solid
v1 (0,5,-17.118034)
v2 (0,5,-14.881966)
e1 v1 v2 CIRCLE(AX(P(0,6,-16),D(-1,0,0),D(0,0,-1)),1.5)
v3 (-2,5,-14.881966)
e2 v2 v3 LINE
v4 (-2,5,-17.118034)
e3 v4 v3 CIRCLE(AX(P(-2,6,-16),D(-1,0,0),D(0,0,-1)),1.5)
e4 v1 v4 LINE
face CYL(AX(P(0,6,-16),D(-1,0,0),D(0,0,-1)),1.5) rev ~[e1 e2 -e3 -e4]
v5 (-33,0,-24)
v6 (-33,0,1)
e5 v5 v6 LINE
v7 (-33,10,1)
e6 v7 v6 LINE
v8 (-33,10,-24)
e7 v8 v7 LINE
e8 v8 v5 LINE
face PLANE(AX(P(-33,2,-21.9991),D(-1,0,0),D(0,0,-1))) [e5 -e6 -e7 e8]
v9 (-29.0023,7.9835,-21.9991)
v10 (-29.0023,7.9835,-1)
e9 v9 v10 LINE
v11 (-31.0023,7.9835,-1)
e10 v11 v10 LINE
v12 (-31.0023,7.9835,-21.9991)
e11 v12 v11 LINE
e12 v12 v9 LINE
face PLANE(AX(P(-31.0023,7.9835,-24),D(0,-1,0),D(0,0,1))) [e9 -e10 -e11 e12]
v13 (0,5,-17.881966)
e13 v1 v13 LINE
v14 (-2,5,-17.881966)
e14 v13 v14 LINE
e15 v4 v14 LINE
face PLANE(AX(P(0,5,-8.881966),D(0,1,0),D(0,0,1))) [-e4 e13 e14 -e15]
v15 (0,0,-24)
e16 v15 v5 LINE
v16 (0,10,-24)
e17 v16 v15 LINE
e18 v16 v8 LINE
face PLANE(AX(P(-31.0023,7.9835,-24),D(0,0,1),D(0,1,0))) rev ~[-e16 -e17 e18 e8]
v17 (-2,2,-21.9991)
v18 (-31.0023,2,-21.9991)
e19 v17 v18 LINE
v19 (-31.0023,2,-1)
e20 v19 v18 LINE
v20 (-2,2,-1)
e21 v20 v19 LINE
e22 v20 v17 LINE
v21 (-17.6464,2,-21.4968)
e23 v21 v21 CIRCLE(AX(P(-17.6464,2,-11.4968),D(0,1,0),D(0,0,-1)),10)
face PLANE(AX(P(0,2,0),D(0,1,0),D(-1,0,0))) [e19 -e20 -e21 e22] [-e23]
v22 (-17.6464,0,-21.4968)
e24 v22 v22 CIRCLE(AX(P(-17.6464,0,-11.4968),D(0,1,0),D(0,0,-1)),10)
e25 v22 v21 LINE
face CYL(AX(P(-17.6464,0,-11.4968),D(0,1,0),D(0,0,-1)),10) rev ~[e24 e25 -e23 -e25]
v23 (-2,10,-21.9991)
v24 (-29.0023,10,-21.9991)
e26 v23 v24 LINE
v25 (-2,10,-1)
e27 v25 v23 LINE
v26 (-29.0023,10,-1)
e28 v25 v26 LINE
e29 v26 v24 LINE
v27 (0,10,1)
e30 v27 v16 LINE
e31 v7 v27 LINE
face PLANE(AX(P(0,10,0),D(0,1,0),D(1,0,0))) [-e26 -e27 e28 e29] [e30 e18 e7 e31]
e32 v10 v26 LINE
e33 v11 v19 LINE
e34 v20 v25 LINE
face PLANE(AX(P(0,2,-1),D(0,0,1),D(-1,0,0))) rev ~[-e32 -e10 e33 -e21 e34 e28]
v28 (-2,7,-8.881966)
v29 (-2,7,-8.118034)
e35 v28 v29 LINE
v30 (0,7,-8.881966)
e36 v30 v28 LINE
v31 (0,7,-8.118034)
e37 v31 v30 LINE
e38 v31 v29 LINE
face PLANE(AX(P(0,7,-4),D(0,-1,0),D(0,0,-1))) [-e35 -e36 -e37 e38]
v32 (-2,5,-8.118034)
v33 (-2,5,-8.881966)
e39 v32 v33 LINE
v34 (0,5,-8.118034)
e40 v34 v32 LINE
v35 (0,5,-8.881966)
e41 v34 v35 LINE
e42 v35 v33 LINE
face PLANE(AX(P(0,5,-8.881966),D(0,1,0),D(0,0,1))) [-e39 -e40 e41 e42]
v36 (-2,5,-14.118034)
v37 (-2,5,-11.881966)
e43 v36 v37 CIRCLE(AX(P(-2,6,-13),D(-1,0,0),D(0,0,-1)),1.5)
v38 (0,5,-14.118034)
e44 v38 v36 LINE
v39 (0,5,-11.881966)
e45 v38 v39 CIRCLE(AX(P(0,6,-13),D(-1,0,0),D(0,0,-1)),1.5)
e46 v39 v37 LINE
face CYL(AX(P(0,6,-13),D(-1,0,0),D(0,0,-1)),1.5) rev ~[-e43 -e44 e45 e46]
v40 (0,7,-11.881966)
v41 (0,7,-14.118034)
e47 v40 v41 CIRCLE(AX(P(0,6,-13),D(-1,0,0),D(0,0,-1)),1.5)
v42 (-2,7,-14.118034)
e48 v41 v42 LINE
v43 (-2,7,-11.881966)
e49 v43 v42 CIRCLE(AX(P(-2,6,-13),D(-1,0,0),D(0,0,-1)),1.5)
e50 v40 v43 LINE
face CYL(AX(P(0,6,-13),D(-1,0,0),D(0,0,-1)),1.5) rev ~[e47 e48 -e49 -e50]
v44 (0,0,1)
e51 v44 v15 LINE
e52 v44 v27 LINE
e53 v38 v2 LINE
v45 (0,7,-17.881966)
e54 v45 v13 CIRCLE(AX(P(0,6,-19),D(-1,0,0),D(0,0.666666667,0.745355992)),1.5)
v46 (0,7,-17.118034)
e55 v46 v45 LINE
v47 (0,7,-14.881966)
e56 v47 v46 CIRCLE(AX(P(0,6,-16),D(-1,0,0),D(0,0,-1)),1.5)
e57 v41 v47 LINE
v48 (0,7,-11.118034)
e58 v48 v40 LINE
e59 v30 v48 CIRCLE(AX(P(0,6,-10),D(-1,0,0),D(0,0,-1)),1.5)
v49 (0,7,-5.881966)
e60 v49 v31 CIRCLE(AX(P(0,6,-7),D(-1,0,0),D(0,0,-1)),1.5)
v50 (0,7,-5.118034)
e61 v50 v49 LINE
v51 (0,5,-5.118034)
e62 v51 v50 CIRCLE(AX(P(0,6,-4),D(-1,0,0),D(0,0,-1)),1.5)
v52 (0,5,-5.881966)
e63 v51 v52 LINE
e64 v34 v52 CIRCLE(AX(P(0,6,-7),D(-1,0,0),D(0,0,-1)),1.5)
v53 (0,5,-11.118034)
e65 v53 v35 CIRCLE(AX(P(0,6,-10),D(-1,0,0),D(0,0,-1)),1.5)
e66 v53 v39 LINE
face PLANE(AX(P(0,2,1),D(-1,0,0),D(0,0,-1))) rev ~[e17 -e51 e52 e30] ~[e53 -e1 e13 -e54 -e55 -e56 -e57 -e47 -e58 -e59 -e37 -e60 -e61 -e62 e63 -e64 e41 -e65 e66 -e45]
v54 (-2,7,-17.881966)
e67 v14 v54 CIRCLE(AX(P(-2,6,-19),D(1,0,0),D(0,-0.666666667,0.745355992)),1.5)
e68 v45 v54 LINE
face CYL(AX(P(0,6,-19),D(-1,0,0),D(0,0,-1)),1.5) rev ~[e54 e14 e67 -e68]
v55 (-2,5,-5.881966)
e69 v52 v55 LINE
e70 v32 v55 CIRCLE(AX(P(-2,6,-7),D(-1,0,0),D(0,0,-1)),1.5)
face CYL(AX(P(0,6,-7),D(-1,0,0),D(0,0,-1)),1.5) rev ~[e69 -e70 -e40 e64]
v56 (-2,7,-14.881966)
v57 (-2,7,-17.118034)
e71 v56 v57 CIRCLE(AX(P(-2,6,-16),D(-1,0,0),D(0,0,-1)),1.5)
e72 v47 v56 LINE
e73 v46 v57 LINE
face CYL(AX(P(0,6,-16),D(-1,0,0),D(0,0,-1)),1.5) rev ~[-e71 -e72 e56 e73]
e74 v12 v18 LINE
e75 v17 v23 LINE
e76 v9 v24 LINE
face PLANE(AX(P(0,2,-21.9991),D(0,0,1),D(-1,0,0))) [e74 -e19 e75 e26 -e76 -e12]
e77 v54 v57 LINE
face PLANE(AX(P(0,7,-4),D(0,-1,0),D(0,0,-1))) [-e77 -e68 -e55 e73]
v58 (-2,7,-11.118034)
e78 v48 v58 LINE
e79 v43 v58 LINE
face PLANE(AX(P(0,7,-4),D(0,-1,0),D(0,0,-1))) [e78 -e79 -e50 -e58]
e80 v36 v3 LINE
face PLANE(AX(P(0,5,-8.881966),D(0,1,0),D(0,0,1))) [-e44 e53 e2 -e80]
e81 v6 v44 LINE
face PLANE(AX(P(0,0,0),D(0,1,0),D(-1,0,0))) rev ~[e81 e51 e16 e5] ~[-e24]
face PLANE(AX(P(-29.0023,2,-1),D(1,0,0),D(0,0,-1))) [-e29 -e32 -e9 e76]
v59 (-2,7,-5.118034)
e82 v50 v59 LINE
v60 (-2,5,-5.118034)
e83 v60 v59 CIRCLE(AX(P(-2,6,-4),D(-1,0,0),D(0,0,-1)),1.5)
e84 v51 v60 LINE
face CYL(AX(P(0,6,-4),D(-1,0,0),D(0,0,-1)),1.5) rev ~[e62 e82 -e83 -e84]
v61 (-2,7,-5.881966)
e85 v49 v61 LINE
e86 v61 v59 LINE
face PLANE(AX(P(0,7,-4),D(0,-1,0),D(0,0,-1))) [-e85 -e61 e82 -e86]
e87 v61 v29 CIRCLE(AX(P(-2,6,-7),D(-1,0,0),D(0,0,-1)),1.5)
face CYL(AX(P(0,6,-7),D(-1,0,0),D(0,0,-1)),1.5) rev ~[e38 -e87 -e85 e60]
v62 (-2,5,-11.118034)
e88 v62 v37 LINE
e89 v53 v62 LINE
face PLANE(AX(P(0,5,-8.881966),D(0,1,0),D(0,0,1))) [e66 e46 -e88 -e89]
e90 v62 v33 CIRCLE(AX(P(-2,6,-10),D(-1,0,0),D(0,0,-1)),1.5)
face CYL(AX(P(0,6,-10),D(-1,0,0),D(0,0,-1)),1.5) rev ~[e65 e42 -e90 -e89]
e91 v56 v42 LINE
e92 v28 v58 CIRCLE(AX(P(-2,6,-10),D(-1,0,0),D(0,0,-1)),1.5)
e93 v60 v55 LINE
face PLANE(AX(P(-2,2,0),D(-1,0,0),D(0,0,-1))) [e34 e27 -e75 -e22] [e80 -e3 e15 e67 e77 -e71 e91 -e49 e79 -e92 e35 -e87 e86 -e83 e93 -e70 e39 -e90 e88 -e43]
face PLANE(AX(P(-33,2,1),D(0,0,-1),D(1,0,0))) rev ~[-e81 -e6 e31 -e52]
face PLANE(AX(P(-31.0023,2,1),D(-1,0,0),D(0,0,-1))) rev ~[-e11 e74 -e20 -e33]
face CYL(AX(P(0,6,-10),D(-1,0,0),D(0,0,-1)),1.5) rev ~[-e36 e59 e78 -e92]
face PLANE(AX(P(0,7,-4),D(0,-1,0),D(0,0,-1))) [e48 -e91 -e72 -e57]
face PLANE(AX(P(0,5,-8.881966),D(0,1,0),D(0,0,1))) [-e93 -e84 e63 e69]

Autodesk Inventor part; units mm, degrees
ref_plane "YZ Plane" through (0, 0, 0) normal (1, 0, 0) x (0, 1, 0)
ref_plane "XZ Plane" through (0, 0, 0) normal (0, 1, 0) x (-1, 0, 0)
ref_plane "XY Plane" through (0, 0, 0) normal (0, 0, 1) x (1, 0, 0)
sketch "Sketch1" plane through (0, 0, 0) normal (0, 0, 1) x (1, 0, 0)
  point P0 (0, 0)
sketch "Sketch2" plane through (0, 0, 0) normal (0, 1, 0) x (-1, 0, 0)
  point P0 (0, 0)
sketch "Sketch3" plane through (0, 0, 0) normal (0, 0, 1) x (1, 0, 0)
  point P0 (0, 0)
sketch "Sketch4" plane through (0, 0, 0) normal (0, 1, 0) x (-1, 0, 0)
  line L0 (33, 1) -> (0, 1)
  line L1 (0, 1) -> (0, -24)
  line L2 (0, -24) -> (33, -24)
  line L3 (33, -24) -> (33, 1)
  dimension "d0" = 33
  dimension "d2" = 25
extrude "Extrusion1" add sketch "Sketch4" along normal blind 2
sketch "Sketch8" plane through (0, 2, 0) normal (0, 1, 0) x (1, 0, 0)
  line L0 (-0.0049, 24) -> (-32.9741, 24) projected
  line L1 (0, 0) -> (-2, 0)
  line L2 (-2, 0) -> (-2, 24)
  line L3 (-2, 24) -> (0, 24)
  line L4 (0, 24) -> (0, 0)
  dimension "d18" = 2
sketch "Sketch13" plane through (0, 2, 0) normal (0, 1, 0) x (1, 0, 0)
  point P0 (0, 0)
sketch "Sketch14" plane through (0, 2, 0) normal (0, 1, 0) x (1, 0, 0)
  point P0 (0, 0)
extrude "Extrusion9" add sketch "Sketch8" along normal blind 8
sketch "Sketch15" plane through (0, 2, 0) normal (0, 1, 0) x (1, 0, 0)
  line L0 (-33, -1) -> (0, -1)
  line L1 (0, -1) -> (0, 1)
  line L2 (0, 1) -> (-33, 1)
  line L3 (-33, 1) -> (-33, -1)
  point P0 (0, 0)
  dimension "d32" = 2
extrude "Extrusion10" add sketch "Sketch15" along normal blind 8
sketch "Sketch16" plane through (0, 2, 0) normal (0, 1, 0) x (1, 0, 0)
  line L0 (0, 0) -> (0, 24) projected
  line L1 (-33, 24) -> (0, 24)
  line L2 (0, 24) -> (0, 21.9991)
  line L3 (0, 21.9991) -> (-33, 21.9991)
  line L4 (-33, 21.9991) -> (-33, 24)
extrude "Extrusion11" add sketch "Sketch16" along normal blind 8
sketch "Sketch17" plane through (0, 2, 0) normal (0, 1, 0) x (1, 0, 0)
  line L0 (0, 24) -> (-33, 24) projected
  line L1 (-33, -1) -> (-31.0023, -1)
  line L2 (-31.0023, -1) -> (-31.0023, 24)
  line L3 (-31.0023, 24) -> (-33, 24)
  line L4 (-33, 24) -> (-33, -1)
  point P0 (0, 0)
extrude "Extrusion12" add sketch "Sketch17" along normal blind 8
sketch "Sketch18" plane through (-31.0023, 2, -1) normal (1, 0, 0) x (0, 0, -1)
  line L0 (23, -2) -> (23, 8) projected
  line L1 (-2, 8) -> (23, 8)
  line L2 (23, 8) -> (23, 5.9835)
  line L3 (23, 5.9835) -> (-2, 5.9835)
  line L4 (-2, 5.9835) -> (-2, 8)
  point P0 (-1, -2)
extrude "Extrusion13" add sketch "Sketch18" along normal blind 2
sketch "Sketch19" plane through (0, 0, 1) normal (1, 0, 0) x (0, 0, -1)
  point P0 (1, 0)
sketch "Sketch20" plane through (0, 0, 1) normal (1, 0, 0) x (0, 0, -1)
  circle A0 centre (5, 6) radius 1.5
  line L0 (0, 0) -> (25, 0) projected
  line L1 (0, 0) -> (0, 10) projected
  circle A1 centre (8, 6) radius 1.5
  circle A2 centre (11, 6) radius 1.4979
  circle A3 centre (14, 6) radius 1.5
  circle A4 centre (17, 6) radius 1.5
  circle A5 centre (20, 6) radius 1.5
  line L2 (25, 0) -> (25, 10) projected
  point P0 (1, 0)
  dimension "d41" = 6
  dimension "d42" = 5
  dimension "d43" = 3
  dimension "d44" = 3
  dimension "d45" = 3
  dimension "d46" = 3
  dimension "d47" = 3
  dimension "d48" = 3
  dimension "d49" = 3
  dimension "d50" = 3
  dimension "d51" = 3
  dimension "d52" = 3
  dimension "d60" = 5
hole "Hole1" at (0, 6, -4) at (0, 6, -7) at (0, 6, -10) at (0, 6, -13) at (0, 6, -16) at (0, 6, -19) direction (-1, 0, 0) diameter 3 depth 2 tip angle 118
sketch "Sketch21" plane through (-2, 2, -1) normal (-1, 0, 0) x (0, 0, 1)
  point P0 (1, -2)
sketch "Sketch22" plane through (-2, 2, -1) normal (-1, 0, 0) x (0, 0, 1)
  point P0 (1, -2)
sketch "Sketch23" plane through (0, 0, 1) normal (1, 0, 0) x (0, 0, -1)
  line L0 (5, 7) -> (20.6591, 7)
  line L1 (20.6591, 7) -> (20.6591, 5)
  line L2 (20.6591, 5) -> (5, 5)
  line L3 (5, 5) -> (5, 7)
  arc A0 (12.5, 6) -> (9.5, 6) centre (11, 6) ccw projected
  arc A1 (9.5, 6) -> (12.5, 6) centre (11, 6) ccw projected
  point P0 (1, 0)
  dimension "d62" = 0.5
  dimension "d64" = 0.5
extrude "Extrusion14" cut sketch "Sketch23" against normal blind 9.525 contours L0 A0 A1 L2 L3 | L0 A0 A1 L2 | L0 L1 L2 A1 A0
sketch "Sketch24" plane through (0, 0, 0) normal (0, -1, 0) x (1, 0, 0)
  point P0 (0, 0)
sketch "Sketch26" plane through (0, 0, 0) normal (0, -1, 0) x (1, 0, 0)
  point P0 (0, 0)
sketch "Sketch27" plane through (0, 0, 0) normal (0, -1, 0) x (1, 0, 0)
  circle A0 centre (-17.6464, -11.4968) radius 10
  line L0 (-33, 1) -> (0, 1) projected
  line L1 (0, -24) -> (-33, -24) projected
  point P0 (0, 0)
  dimension "d69" = 20
  dimension "d70" = 12.4968
  dimension "d71" = 12.5032
hole "Hole2" at (-17.6464, 0, -11.4968) direction (0, 1, 0) diameter 20 depth 2 tip angle 118
properties part number "Sensor_Bracket"
